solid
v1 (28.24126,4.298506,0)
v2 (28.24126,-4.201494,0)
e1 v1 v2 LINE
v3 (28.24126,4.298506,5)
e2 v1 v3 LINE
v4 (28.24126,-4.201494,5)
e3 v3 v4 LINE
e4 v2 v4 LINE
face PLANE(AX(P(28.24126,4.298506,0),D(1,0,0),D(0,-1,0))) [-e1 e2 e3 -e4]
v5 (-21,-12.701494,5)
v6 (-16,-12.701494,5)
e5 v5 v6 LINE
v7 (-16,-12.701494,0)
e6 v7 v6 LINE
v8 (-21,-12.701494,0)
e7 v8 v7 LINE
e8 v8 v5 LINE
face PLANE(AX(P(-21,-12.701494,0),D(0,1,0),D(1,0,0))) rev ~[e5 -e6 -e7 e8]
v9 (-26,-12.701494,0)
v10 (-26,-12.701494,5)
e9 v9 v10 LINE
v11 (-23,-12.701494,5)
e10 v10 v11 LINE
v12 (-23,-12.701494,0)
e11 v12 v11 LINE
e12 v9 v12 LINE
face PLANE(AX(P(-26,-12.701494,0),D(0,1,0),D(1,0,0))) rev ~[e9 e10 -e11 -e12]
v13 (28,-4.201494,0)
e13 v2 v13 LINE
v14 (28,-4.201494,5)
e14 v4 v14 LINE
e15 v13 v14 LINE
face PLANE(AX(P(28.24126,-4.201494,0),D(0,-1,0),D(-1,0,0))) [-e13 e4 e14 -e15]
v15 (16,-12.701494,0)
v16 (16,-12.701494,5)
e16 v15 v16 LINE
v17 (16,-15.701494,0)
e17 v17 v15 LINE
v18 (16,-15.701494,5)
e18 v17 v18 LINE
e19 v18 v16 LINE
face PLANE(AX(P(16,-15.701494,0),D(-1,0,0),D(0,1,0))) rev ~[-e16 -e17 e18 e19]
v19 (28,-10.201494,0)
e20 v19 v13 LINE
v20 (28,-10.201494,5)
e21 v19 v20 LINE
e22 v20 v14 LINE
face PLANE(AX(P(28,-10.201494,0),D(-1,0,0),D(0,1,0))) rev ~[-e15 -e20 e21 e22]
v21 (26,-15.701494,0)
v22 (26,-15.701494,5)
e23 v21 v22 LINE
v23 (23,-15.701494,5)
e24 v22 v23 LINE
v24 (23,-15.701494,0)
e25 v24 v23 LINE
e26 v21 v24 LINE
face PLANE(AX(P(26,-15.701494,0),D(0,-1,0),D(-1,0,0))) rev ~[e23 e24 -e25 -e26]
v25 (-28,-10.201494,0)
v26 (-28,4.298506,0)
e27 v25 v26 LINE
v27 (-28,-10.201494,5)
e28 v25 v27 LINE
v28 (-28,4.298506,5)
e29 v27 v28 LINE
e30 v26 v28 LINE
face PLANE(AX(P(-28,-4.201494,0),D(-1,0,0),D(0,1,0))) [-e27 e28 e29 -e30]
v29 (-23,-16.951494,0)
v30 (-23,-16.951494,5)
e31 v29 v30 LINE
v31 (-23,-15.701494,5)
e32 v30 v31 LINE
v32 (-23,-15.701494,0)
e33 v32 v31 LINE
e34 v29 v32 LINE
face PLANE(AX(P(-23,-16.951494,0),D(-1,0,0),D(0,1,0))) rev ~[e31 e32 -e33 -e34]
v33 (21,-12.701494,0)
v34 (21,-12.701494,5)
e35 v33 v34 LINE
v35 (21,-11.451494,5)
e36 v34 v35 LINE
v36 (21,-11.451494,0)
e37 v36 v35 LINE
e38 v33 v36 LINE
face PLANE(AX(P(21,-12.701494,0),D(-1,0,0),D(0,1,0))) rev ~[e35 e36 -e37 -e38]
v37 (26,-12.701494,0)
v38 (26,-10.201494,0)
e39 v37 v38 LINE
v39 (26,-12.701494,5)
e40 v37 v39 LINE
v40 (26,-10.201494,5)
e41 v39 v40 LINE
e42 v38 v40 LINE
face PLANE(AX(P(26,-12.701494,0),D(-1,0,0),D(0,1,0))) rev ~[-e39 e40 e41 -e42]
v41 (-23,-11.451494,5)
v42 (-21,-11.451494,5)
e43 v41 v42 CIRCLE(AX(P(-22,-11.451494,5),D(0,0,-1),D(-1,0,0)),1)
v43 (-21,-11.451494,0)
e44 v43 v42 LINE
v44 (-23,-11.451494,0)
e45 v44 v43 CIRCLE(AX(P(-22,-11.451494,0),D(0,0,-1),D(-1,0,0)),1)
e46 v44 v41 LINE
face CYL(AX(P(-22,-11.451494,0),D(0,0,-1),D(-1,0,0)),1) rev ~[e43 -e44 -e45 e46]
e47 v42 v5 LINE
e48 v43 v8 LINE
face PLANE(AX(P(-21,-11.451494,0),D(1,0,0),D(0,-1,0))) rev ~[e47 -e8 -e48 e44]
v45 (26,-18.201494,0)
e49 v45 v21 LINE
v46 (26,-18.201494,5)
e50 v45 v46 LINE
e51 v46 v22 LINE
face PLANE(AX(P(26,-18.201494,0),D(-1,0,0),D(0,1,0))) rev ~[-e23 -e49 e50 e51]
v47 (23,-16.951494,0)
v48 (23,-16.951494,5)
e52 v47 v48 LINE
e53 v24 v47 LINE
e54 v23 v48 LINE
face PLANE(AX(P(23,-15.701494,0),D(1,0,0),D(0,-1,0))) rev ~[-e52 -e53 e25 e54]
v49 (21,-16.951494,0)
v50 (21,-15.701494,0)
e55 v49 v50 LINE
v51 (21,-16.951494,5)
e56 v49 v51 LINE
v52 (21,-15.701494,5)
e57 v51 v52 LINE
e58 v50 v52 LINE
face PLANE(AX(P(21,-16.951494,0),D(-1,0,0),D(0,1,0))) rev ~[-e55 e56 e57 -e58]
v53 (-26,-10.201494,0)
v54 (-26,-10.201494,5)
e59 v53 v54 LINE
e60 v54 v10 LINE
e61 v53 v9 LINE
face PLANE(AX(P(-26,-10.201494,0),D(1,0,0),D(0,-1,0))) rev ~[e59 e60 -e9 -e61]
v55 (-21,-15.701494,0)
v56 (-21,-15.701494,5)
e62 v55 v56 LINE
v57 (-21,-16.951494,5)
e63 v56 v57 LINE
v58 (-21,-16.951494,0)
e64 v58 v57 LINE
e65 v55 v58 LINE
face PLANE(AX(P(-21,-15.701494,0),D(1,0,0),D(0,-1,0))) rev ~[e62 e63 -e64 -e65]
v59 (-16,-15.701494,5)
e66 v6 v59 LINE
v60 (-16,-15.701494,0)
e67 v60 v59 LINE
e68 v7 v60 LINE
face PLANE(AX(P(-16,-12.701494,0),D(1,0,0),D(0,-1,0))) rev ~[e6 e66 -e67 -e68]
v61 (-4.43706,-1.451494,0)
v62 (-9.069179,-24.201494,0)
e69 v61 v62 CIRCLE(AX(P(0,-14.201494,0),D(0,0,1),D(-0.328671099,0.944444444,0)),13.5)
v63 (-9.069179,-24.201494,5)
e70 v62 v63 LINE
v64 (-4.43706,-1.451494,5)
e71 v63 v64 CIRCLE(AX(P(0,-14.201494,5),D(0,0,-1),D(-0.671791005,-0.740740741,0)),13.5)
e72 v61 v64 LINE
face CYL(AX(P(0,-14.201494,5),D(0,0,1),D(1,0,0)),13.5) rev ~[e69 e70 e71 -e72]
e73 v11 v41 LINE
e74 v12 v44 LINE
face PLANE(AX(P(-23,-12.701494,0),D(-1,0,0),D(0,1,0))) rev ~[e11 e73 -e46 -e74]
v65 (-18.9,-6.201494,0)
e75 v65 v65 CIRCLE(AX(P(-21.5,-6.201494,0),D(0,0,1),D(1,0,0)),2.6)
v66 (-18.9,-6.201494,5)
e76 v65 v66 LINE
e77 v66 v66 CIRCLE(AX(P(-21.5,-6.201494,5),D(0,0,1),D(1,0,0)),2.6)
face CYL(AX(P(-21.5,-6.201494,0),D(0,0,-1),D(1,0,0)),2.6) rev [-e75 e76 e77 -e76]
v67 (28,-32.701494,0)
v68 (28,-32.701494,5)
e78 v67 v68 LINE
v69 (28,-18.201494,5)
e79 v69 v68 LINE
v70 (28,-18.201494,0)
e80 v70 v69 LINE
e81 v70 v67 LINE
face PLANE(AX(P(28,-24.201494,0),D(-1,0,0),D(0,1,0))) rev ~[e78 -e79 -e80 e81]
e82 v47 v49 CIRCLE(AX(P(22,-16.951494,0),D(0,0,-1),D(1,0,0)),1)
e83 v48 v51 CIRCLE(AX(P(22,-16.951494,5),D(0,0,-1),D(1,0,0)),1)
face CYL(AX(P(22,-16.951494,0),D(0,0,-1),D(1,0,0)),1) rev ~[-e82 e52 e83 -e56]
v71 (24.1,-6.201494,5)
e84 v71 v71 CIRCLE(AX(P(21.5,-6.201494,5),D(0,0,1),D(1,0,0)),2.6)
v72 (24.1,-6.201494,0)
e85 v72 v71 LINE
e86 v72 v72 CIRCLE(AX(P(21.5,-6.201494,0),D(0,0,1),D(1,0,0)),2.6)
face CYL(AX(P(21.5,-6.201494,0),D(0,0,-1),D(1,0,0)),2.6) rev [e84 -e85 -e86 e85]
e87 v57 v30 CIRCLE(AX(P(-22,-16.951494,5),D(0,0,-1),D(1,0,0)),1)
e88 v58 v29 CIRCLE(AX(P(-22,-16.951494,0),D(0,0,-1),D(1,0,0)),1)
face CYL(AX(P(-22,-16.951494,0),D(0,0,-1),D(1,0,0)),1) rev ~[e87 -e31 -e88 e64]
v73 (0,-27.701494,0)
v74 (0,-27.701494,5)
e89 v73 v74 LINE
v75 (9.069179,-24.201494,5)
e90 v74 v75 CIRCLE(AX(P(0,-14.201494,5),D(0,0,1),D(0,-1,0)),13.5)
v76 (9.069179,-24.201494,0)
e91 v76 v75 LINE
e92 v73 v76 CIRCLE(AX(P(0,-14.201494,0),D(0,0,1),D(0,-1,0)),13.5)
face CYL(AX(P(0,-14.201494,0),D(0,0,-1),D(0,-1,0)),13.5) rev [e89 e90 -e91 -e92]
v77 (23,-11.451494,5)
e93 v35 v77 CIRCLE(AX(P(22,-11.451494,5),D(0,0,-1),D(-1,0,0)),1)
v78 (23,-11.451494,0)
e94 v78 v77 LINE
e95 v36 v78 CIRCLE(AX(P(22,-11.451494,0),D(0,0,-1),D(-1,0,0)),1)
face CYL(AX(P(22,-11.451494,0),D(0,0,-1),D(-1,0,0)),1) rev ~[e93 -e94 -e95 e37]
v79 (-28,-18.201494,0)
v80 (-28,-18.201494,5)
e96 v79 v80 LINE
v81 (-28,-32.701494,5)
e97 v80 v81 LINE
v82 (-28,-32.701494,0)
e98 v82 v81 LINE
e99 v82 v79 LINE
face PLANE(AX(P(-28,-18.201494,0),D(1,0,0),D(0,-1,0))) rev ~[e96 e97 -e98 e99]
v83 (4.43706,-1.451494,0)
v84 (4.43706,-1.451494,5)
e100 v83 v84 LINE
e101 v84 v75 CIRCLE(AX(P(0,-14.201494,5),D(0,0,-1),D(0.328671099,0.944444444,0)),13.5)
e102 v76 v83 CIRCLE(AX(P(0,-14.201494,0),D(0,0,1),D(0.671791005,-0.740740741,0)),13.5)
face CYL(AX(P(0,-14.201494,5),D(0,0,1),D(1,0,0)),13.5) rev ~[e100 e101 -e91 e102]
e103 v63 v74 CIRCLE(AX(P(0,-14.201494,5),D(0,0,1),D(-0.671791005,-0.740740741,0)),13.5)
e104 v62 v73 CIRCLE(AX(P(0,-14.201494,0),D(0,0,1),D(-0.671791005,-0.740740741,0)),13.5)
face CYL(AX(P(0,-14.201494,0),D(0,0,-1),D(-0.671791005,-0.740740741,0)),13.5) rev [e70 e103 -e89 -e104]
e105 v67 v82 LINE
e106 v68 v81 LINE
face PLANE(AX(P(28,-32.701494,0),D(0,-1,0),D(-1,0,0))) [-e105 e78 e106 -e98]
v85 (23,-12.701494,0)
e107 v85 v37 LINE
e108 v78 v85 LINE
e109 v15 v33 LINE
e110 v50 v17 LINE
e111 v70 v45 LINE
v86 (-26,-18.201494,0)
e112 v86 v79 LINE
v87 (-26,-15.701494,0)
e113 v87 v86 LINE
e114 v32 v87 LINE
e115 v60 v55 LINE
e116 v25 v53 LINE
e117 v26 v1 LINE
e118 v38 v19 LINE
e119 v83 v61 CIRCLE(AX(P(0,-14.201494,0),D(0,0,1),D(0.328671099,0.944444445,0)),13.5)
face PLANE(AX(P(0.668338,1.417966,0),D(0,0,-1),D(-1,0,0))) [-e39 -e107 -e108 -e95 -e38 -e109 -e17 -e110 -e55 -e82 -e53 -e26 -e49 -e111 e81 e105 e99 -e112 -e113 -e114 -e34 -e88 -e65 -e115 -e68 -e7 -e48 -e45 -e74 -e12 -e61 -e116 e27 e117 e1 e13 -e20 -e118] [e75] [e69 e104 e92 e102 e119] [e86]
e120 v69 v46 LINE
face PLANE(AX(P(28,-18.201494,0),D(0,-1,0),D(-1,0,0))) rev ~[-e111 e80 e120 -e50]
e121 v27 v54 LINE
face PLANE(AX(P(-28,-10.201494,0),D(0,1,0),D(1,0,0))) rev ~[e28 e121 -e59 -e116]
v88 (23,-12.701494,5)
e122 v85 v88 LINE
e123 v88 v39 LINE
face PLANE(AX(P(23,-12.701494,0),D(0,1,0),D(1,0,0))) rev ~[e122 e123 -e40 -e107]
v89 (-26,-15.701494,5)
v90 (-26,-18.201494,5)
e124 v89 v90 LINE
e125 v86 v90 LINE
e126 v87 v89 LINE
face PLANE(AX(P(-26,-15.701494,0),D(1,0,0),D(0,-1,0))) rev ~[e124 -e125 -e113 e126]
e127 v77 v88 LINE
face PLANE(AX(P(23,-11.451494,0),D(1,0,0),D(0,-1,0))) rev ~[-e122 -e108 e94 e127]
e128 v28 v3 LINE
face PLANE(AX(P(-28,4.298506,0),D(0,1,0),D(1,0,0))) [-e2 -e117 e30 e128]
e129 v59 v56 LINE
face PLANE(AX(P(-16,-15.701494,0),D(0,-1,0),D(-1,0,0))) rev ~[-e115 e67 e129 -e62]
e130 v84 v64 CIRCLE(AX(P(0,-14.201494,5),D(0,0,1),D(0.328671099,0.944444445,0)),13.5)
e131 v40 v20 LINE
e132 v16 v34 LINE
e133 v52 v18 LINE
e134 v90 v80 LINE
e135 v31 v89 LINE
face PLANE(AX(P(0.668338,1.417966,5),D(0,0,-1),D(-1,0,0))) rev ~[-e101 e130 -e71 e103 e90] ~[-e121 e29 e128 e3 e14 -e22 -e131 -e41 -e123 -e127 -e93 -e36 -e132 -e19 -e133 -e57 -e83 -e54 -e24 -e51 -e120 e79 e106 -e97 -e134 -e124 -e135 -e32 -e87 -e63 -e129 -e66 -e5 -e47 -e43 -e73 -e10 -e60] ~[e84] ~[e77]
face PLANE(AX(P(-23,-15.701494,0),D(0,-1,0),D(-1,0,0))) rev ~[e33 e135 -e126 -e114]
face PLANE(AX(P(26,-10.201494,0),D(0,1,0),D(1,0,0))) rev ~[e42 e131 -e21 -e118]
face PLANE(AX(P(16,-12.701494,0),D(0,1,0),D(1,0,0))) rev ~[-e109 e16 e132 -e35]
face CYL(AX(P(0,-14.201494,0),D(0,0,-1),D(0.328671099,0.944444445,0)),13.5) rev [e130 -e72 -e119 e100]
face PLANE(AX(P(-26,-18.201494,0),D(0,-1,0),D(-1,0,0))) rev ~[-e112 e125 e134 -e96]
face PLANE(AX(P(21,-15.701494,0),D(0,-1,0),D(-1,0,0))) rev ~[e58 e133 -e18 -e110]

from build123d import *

# Parameters (mm, degrees)
SKETCH1_R           = 2.6
BOSS_EXTRUDE1_DEPTH = 5
SKETCH2_W           = 69.749863317
SKETCH2_H           = 53.464567198
SKETCH2_W_2         = 56
SKETCH2_H_2         = 33
SKETCH2_R           = 13.5
CUT_EXTRUDE1_DEPTH  = 10
BOSS_EXTRUDE2_DEPTH = 5


with BuildPart() as part:
    # Sketch1 → Boss-Extrude1 (new body)
    with BuildSketch(Plane.XY):
        with BuildLine():
            Line((-28, -18.201493875), (-28, -24.201493875))
            Line((-28, -24.201493875), (28, -24.201493875))
            Line((28, -24.201493875), (28, -18.201493875))
            Line((28, -18.201493875), (26, -18.201493875))
            Line((26, -18.201493875), (26, -15.701493875))
            Line((26, -15.701493875), (23, -15.701493875))
            Line((23, -15.701493875), (23, -16.951493875))
            ThreePointArc((23, -16.951493875), (22, -17.951493875), (21, -16.951493875))
            Line((21, -16.951493875), (21, -15.701493875))
            Line((21, -15.701493875), (16, -15.701493875))
            Line((16, -15.701493875), (16, -12.701493875))
            Line((16, -12.701493875), (21, -12.701493875))
            Line((21, -12.701493875), (21, -11.451493875))
            ThreePointArc((21, -11.451493875), (22, -10.451493875), (23, -11.451493875))
            Line((23, -11.451493875), (23, -12.701493875))
            Line((23, -12.701493875), (26, -12.701493875))
            Line((26, -12.701493875), (26, -10.201493875))
            Line((26, -10.201493875), (28, -10.201493875))
            Line((28, -10.201493875), (28, -4.201493875))
            Line((28, -4.201493875), (26, -4.201493875))
            Line((26, -4.201493875), (26, 2.924352213))
            Line((26, 2.924352213), (12, 17.426918513))
            Line((12, 17.426918513), (-12, 17.426918513))
            Line((-12, 17.426918513), (-26, 2.924352213))
            Line((-26, 2.924352213), (-26, -4.201493875))
            Line((-26, -4.201493875), (-28, -4.201493875))
            Line((-28, -4.201493875), (-28, -10.201493875))
            Line((-28, -10.201493875), (-26, -10.201493875))
            Line((-26, -10.201493875), (-26, -12.701493875))
            Line((-26, -12.701493875), (-23, -12.701493875))
            Line((-23, -12.701493875), (-23, -11.451493875))
            ThreePointArc((-23, -11.451493875), (-22, -10.451493875), (-21, -11.451493875))
            Line((-21, -11.451493875), (-21, -12.701493875))
            Line((-21, -12.701493875), (-16, -12.701493875))
            Line((-16, -12.701493875), (-16, -15.701493875))
            Line((-16, -15.701493875), (-21, -15.701493875))
            Line((-21, -15.701493875), (-21, -16.951493875))
            ThreePointArc((-21, -16.951493875), (-22, -17.951493875), (-23, -16.951493875))
            Line((-23, -16.951493875), (-23, -15.701493875))
            Line((-23, -15.701493875), (-26, -15.701493875))
            Line((-26, -15.701493875), (-26, -18.201493875))
            Line((-26, -18.201493875), (-28, -18.201493875))
        make_face()
        with Locations((-21.5, -6.201493875)):
            Circle(SKETCH1_R, mode=Mode.SUBTRACT)
        with Locations((21.5, -6.201493875)):
            Circle(SKETCH1_R, mode=Mode.SUBTRACT)
        with BuildLine():
            Line((8.25, 3.201632482), (8.25, -1.451493875))
            Line((8.25, -1.451493875), (3.596873642, -1.451493875))
            ThreePointArc((3.596873642, -1.451493875), (0, -2.201493875), (-3.596873642, -1.451493875))
            Line((-3.596873642, -1.451493875), (-8.25, -1.451493875))
            Line((-8.25, -1.451493875), (-8.25, 3.201632482))
            ThreePointArc((-8.25, 3.201632482), (-8.626766656, 4.233570052), (-8.875, 5.303723532))
            ThreePointArc((-8.875, 5.303723532), (-10.25, 6.798506125), (-8.875, 8.293288717))
            ThreePointArc((-8.875, 8.293288717), (-8.626766656, 9.363442197), (-8.25, 10.395379767))
            Line((-8.25, 10.395379767), (-8.25, 15.048506125))
            Line((-8.25, 15.048506125), (-3.596873642, 15.048506125))
            ThreePointArc((-3.596873642, 15.048506125), (0, 15.798506125), (3.596873642, 15.048506125))
            Line((3.596873642, 15.048506125), (8.25, 15.048506125))
            Line((8.25, 15.048506125), (8.25, 10.395379767))
            ThreePointArc((8.25, 10.395379767), (8.626766656, 9.363442197), (8.875, 8.293288717))
            ThreePointArc((8.875, 8.293288717), (10.25, 6.798506125), (8.875, 5.303723532))
            ThreePointArc((8.875, 5.303723532), (8.626766656, 4.233570052), (8.25, 3.201632482))
        make_face(mode=Mode.SUBTRACT)
    extrude(amount=BOSS_EXTRUDE1_DEPTH)

    # Sketch2 → Cut-Extrude1 (cut)
    # profile 1 of 2: a face of its own
    with BuildSketch(Plane.XY.offset(5)):
        with Locations((5.197554668, -6.913421349)):
            Rectangle(SKETCH2_W, SKETCH2_H)
        with Locations((0, -14.201493875)):
            Rectangle(SKETCH2_W_2, SKETCH2_H_2, mode=Mode.SUBTRACT)
    # profile 2 of 2: a face of its own
    with BuildSketch(Plane.XY.offset(5)):
        with Locations((0, -14.201493875)):
            Circle(SKETCH2_R)
    extrude(amount=-CUT_EXTRUDE1_DEPTH, mode=Mode.SUBTRACT)


with BuildPart() as cut_extrude1_piece_1:
    # of the separate pieces the step leaves, piece 1, a body of its own (cut_extrude1_pieces)
    add(part.part.solids().sort_by_distance((9.069178574, -24.201493875, 0))[0])



with BuildPart() as cut_extrude1_piece_2:
    # of the separate pieces the step leaves, piece 2, a body of its own (cut_extrude1_pieces)
    add(part.part.solids().sort_by_distance((-28, -18.201493875, 0))[0])


with BuildPart() as cut_extrude1_piece_1_1:
    add(cut_extrude1_piece_1.part)

    add(cut_extrude1_piece_2.part)  # Boss-Extrude2 merges Cut-Extrude1 piece 2
    # Sketch3 → Boss-Extrude2 (add)
    with BuildSketch(Plane(origin=(0, 0, 0), x_dir=(-1, 0, 0), z_dir=(0, 0, -1))):
        with BuildLine():
            Line((-26, -4.201493875), (-26, -0.701493875))
            Line((-26, -0.701493875), (-26, 2.298506125))
            Line((-26, 2.298506125), (-8.25, 2.298506125))
            Line((-8.25, 2.298506125), (-8.25, -0.701493875))
            Line((-8.25, -0.701493875), (-8.25, -1.451493875))
            Line((-8.25, -1.451493875), (-4.437059837, -1.451493875))
            ThreePointArc((-4.437059837, -1.451493875), (2.167902598, -0.876697505), (8.25, -3.515638739))
            Line((8.25, -3.515638739), (8.25, -0.701493875))
            Line((8.25, -0.701493875), (26, -0.701493875))
            Line((26, -0.701493875), (26, -4.201493875))
            Line((26, -4.201493875), (28, -4.201493875))
            Line((28, -4.201493875), (28, -0.701493875))
            Line((28, -0.701493875), (28, 4.298506125))
            Line((28, 4.298506125), (-28.241259843, 4.298506125))
            Line((-28.241259843, 4.298506125), (-28.241259843, -0.701493875))
            Line((-28.241259843, -0.701493875), (-28.241259843, -4.201493875))
            Line((-28.241259843, -4.201493875), (-28, -4.201493875))
            Line((-28, -4.201493875), (-26, -4.201493875))
        make_face()
        Polygon((28, -27.701493875), (0, -27.701493875), (-28, -27.701493875), (-28, -32.701493875), (28, -32.701493875), align=None)
        with BuildLine():
            Line((28, -24.201493875), (9.069178574, -24.201493875))
            ThreePointArc((9.069178574, -24.201493875), (4.860555524, -26.796135593), (0, -27.701493875))
            Line((0, -27.701493875), (28, -27.701493875))
            Line((28, -27.701493875), (28, -24.201493875))
        make_face()
        with BuildLine():
            ThreePointArc((0, -27.701493875), (-4.860555524, -26.796135593), (-9.069178574, -24.201493875))
            Line((-9.069178574, -24.201493875), (-28, -24.201493875))
            Line((-28, -24.201493875), (-28, -27.701493875))
            Line((-28, -27.701493875), (0, -27.701493875))
        make_face()
    extrude(amount=-BOSS_EXTRUDE2_DEPTH)


solid = cut_extrude1_piece_1_1.part
